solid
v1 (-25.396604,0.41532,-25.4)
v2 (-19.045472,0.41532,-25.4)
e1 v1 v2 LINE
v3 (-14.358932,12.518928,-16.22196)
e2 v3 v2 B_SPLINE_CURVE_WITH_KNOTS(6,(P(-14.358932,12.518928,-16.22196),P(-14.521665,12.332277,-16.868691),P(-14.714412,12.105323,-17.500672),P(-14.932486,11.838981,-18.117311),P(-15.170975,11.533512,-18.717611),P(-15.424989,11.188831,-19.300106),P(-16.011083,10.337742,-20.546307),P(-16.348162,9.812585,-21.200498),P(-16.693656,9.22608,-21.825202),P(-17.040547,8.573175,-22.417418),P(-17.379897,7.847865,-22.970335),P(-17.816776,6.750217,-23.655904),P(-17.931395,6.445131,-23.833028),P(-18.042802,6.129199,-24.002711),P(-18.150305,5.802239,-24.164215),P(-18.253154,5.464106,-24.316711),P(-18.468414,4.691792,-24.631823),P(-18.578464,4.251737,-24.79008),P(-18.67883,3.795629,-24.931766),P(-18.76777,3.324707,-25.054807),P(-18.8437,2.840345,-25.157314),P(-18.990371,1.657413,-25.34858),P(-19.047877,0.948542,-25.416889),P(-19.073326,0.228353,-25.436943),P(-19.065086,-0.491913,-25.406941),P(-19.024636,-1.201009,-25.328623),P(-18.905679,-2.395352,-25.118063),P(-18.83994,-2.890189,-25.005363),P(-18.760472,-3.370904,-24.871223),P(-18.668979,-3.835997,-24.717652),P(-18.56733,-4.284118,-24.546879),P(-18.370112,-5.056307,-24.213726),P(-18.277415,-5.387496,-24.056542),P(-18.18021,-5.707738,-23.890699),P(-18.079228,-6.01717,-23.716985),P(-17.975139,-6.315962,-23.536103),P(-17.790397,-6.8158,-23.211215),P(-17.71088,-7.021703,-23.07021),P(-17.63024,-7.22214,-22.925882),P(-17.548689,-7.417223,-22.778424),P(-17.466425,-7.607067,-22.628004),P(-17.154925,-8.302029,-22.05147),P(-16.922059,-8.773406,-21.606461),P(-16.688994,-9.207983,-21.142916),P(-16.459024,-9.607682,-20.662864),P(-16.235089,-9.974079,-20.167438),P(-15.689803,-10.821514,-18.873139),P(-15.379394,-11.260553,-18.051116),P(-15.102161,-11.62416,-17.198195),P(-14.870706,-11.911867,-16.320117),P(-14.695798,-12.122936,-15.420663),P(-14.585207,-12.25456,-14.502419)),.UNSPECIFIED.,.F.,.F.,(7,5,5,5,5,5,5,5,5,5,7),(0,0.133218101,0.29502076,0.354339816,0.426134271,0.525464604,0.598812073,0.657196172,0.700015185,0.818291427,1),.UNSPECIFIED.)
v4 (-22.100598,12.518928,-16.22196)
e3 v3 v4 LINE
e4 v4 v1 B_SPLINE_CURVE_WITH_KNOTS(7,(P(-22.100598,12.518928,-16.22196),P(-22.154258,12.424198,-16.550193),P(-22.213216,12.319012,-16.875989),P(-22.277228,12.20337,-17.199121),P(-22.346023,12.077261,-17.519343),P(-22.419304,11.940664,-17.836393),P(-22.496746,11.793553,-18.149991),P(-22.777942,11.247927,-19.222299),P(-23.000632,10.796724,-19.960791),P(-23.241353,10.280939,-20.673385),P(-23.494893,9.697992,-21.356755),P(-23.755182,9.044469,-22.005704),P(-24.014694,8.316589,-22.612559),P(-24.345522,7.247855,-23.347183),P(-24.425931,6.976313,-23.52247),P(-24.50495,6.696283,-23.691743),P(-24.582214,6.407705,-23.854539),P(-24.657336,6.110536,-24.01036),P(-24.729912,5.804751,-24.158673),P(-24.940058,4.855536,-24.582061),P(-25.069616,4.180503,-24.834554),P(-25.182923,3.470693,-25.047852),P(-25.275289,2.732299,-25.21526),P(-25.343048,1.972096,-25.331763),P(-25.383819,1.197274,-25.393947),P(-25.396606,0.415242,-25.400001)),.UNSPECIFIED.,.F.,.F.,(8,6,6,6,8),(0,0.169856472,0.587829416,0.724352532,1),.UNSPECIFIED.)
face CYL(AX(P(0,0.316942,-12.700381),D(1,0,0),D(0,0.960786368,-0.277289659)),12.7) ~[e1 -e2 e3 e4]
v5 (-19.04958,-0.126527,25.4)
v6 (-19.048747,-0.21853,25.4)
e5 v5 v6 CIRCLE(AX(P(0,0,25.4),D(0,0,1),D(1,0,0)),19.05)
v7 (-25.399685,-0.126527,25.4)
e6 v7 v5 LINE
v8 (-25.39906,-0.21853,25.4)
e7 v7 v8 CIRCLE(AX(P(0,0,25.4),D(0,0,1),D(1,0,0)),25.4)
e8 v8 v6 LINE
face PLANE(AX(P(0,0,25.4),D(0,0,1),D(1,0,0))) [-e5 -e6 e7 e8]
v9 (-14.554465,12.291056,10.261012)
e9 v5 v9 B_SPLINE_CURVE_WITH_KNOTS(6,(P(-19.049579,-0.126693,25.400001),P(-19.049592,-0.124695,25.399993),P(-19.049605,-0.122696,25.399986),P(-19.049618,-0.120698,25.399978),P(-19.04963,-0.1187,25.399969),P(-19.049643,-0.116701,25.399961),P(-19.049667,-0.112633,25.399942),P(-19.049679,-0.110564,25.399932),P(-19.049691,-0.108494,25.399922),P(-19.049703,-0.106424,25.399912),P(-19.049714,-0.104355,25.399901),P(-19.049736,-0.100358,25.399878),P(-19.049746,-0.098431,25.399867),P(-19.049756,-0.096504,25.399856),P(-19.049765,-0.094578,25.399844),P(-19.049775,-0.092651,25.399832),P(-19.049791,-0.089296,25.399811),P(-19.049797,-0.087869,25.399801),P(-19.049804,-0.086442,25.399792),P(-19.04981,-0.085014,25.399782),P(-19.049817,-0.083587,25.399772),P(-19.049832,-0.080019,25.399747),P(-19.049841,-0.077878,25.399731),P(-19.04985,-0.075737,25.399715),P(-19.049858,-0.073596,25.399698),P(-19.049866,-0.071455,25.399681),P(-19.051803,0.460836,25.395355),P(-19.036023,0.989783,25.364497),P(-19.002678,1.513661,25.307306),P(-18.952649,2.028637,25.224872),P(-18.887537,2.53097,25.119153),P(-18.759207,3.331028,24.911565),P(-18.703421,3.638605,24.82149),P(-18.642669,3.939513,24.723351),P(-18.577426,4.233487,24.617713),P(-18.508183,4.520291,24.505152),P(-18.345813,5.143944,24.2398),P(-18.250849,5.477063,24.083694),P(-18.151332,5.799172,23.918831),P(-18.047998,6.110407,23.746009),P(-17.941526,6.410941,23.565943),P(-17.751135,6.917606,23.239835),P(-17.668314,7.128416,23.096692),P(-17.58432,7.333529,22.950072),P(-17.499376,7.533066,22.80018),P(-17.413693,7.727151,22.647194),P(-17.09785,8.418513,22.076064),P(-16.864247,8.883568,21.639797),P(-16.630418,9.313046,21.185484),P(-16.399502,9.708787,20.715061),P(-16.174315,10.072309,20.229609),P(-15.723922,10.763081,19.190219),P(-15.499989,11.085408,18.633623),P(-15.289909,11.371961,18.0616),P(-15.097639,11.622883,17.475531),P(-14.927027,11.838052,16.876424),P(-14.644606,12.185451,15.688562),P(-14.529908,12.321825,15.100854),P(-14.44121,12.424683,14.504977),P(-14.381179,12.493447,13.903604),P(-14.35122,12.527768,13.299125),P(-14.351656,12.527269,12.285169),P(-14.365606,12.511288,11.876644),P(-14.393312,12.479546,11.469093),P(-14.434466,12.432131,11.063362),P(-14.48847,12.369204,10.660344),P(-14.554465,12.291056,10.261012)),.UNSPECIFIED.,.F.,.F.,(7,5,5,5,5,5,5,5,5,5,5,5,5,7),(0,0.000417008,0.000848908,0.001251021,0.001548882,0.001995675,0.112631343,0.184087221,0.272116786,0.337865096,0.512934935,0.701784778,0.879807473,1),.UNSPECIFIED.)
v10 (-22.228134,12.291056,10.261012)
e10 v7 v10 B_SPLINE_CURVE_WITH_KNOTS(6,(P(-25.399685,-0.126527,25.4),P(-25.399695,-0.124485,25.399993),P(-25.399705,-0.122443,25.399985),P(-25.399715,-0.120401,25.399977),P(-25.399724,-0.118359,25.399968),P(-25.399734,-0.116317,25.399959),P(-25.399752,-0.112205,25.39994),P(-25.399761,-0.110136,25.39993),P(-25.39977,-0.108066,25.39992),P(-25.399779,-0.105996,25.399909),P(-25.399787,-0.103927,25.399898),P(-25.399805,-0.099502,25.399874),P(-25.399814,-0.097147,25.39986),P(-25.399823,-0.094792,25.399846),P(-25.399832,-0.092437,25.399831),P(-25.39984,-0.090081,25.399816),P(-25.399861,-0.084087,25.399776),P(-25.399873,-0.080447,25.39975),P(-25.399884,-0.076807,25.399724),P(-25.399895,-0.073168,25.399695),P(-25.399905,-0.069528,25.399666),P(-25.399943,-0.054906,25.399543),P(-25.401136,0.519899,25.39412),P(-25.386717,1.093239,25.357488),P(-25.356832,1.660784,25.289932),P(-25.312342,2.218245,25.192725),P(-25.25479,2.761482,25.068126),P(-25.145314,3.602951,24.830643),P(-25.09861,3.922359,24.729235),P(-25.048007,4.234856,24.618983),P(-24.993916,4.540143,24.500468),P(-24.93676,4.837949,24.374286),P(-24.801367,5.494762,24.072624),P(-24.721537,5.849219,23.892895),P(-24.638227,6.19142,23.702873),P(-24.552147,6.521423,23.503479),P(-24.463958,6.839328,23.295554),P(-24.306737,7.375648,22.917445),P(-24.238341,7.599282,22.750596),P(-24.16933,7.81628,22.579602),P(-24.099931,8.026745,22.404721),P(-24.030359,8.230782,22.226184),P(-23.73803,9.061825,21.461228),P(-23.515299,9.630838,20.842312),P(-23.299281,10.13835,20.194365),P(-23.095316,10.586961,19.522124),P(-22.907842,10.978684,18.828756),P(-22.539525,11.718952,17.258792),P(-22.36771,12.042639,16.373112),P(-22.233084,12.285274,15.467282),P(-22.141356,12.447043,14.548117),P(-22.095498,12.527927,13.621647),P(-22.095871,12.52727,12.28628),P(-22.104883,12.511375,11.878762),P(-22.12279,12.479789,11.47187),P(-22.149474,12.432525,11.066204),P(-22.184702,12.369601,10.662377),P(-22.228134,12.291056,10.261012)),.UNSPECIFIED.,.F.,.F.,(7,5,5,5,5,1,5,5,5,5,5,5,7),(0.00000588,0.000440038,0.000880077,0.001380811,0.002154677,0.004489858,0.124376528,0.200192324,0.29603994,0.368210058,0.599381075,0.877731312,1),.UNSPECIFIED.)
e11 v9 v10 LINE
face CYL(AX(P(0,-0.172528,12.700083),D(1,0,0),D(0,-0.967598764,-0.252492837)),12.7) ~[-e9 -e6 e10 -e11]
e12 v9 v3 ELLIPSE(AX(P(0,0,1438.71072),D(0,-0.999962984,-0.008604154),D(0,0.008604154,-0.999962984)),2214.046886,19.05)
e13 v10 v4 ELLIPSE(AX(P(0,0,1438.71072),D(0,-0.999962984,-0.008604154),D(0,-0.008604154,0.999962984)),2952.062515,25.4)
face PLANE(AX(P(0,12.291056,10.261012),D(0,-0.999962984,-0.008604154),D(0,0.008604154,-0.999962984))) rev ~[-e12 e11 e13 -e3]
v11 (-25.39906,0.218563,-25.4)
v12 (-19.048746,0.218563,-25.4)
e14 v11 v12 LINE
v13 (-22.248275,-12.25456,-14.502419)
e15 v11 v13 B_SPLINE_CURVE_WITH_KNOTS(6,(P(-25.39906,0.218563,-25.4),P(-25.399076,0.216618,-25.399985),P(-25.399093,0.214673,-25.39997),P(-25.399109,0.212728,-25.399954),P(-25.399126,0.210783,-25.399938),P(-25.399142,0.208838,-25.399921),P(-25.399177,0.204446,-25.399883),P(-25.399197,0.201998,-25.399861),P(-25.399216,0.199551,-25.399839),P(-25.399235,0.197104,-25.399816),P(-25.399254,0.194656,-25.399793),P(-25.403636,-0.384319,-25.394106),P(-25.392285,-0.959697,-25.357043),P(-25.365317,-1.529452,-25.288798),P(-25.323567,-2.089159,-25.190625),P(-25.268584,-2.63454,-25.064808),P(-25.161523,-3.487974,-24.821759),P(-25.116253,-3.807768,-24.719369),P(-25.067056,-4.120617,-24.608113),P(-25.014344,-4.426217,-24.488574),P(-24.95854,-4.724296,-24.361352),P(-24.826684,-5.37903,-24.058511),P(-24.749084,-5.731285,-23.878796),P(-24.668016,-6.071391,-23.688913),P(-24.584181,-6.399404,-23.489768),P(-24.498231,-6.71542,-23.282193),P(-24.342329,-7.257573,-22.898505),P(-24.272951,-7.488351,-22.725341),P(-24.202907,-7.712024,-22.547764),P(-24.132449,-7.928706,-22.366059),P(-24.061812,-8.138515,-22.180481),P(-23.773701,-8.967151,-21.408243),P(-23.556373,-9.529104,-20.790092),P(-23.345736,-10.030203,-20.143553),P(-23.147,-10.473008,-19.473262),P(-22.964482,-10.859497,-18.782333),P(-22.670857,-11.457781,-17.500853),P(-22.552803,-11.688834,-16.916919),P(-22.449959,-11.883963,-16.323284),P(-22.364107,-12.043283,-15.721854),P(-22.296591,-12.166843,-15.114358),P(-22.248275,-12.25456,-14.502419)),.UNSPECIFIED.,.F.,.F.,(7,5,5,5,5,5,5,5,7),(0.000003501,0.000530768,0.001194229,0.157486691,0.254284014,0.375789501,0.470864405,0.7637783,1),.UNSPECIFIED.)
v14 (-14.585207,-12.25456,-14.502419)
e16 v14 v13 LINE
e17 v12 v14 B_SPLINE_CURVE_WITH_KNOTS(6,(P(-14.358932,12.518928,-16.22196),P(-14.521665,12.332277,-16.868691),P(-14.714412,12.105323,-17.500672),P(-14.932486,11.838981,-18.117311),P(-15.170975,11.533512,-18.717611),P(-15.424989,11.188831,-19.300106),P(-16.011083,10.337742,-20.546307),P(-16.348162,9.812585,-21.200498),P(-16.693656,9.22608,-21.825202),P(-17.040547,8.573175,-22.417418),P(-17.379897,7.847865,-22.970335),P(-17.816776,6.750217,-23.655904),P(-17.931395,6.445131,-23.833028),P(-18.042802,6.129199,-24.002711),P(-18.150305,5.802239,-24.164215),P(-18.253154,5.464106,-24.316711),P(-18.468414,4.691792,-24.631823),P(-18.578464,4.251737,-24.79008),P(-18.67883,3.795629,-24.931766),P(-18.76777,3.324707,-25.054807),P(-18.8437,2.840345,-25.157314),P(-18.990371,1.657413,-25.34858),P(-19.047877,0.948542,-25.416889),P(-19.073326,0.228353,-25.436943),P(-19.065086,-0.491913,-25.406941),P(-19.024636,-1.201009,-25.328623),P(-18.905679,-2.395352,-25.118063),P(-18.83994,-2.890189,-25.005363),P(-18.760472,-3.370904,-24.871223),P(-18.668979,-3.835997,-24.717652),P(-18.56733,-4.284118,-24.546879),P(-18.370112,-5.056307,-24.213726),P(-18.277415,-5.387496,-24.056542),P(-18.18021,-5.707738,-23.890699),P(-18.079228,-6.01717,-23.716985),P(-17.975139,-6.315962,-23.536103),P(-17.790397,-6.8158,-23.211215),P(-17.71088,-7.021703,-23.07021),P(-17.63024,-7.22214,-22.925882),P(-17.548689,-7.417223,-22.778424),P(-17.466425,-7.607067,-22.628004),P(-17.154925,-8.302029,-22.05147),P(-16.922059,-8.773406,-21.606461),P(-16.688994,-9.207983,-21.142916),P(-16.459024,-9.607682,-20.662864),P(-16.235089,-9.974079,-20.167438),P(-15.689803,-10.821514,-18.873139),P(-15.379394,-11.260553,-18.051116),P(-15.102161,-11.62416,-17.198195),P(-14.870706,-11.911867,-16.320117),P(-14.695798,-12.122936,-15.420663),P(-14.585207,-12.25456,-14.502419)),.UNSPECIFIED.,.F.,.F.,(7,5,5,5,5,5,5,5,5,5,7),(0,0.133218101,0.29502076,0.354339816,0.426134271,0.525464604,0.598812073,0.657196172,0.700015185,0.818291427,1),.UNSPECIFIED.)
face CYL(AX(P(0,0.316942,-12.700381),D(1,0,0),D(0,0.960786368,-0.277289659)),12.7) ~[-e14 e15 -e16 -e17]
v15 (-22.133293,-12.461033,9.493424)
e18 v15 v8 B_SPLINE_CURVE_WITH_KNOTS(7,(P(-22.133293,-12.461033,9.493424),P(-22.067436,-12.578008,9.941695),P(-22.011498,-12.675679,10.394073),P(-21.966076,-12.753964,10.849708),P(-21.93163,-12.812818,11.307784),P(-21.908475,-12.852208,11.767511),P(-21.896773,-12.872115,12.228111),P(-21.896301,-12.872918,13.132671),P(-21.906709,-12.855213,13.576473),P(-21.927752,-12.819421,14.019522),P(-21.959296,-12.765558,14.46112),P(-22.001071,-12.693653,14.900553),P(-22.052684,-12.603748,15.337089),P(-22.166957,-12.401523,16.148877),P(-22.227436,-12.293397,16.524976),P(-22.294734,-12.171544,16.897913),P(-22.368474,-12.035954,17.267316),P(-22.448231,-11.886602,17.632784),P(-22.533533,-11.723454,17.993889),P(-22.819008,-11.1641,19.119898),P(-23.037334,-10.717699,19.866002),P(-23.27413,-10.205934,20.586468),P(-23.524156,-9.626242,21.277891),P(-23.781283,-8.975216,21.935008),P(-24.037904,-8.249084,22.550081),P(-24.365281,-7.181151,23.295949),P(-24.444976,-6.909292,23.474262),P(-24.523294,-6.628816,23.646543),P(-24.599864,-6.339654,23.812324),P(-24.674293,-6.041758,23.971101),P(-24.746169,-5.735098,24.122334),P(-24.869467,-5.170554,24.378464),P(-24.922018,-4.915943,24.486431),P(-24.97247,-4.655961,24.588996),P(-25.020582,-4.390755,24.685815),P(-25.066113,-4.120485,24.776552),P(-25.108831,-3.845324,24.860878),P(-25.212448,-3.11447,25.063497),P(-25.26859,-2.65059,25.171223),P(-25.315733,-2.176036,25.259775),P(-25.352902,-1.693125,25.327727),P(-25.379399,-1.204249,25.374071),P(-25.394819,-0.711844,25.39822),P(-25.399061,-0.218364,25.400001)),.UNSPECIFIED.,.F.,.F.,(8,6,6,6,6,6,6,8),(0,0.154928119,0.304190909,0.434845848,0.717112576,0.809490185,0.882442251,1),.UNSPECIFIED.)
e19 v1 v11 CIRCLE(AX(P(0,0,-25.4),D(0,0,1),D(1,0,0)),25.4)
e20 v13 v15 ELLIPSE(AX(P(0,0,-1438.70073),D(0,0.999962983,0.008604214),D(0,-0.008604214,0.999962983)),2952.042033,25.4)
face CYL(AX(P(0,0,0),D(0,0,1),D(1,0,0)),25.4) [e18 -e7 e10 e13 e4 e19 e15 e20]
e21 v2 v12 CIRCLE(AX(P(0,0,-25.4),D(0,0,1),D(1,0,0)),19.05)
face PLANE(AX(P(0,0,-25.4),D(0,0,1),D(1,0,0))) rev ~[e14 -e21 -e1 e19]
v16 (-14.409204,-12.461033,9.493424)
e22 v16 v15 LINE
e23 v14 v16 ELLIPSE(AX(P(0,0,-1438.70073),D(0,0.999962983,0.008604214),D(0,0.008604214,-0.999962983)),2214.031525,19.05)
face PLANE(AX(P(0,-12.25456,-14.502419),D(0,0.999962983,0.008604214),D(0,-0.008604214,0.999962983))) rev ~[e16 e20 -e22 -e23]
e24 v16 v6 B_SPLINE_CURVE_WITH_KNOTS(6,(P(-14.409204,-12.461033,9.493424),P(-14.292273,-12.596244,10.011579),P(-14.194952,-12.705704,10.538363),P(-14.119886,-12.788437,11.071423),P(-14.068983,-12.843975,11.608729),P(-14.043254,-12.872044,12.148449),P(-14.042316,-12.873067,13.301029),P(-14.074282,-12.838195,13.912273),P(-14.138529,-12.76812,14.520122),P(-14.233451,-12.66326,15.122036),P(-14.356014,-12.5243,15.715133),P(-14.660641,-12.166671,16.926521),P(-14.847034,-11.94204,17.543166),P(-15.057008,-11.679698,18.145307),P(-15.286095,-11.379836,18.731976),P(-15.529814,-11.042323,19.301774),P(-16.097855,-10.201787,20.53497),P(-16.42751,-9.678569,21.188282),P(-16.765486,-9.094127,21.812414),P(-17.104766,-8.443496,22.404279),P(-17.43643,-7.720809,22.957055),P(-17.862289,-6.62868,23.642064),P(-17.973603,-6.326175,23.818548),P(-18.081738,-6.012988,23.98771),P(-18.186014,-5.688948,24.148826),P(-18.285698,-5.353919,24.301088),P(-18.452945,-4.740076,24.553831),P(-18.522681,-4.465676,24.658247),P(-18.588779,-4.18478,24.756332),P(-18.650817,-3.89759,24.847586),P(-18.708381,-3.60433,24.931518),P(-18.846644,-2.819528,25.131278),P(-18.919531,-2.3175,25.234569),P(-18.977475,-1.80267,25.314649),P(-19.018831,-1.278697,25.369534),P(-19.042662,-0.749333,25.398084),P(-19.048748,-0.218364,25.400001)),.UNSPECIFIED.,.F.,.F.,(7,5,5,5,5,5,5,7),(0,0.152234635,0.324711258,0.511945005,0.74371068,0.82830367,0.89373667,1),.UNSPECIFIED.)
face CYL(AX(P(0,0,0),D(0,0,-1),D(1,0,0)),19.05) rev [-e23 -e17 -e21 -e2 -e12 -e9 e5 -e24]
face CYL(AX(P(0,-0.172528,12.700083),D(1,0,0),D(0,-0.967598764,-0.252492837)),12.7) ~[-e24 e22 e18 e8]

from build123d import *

# Parameters (mm, degrees)
F0_R     = 25.4
F0_R_2   = 19.05
F1_DEPTH = 25.4
F2_W     = 147.84576
F2_H     = 173.544198
F3_DEPTH = 25.4
F4_W     = 37.611994
F4_H     = 79.151291
F5_DEPTH = 266.7
F6_W     = 42.609616
F6_H     = 73.078748
F7_DEPTH = 25.4


with BuildPart() as f1:
    # F0 (on Top) → F1 (new body, symmetric)
    with BuildSketch(Plane.XY):
        Circle(F0_R)
        Circle(F0_R_2, mode=Mode.SUBTRACT)
    extrude(amount=F1_DEPTH, both=True)

    # F2 (on Right) → F3 (cut)
    with BuildSketch(Plane.YZ):
        with Locations((34.874953, 36.60303)):
            Rectangle(F2_W, F2_H)
        with BuildLine():
            ThreePointArc((-12.461033, 9.493424), (-0.56618, 25.393981), (12.291056, 10.261012))
            Line((12.291056, 10.261012), (12.518928, -16.22196))
            ThreePointArc((12.518928, -16.22196), (-0.562456, -25.369898), (-12.25456, -14.502419))
            Line((-12.25456, -14.502419), (-12.461033, 9.493424))
        make_face(mode=Mode.SUBTRACT)
    extrude(amount=-F3_DEPTH, mode=Mode.SUBTRACT)

    # F4 (on Front) → F5 (cut, symmetric)
    with BuildSketch(Plane.XZ):
        with Locations((15.86056, -0.339897)):
            Rectangle(F4_W, F4_H)
    extrude(amount=F5_DEPTH, both=True, mode=Mode.SUBTRACT)

    # F6 (on Front) → F7 (cut, symmetric)
    with BuildSketch(Plane.XZ):
        with Locations((15.940909, -4.051024)):
            Rectangle(F6_W, F6_H)
    extrude(amount=F7_DEPTH, both=True, mode=Mode.SUBTRACT)


solid = f1.part
